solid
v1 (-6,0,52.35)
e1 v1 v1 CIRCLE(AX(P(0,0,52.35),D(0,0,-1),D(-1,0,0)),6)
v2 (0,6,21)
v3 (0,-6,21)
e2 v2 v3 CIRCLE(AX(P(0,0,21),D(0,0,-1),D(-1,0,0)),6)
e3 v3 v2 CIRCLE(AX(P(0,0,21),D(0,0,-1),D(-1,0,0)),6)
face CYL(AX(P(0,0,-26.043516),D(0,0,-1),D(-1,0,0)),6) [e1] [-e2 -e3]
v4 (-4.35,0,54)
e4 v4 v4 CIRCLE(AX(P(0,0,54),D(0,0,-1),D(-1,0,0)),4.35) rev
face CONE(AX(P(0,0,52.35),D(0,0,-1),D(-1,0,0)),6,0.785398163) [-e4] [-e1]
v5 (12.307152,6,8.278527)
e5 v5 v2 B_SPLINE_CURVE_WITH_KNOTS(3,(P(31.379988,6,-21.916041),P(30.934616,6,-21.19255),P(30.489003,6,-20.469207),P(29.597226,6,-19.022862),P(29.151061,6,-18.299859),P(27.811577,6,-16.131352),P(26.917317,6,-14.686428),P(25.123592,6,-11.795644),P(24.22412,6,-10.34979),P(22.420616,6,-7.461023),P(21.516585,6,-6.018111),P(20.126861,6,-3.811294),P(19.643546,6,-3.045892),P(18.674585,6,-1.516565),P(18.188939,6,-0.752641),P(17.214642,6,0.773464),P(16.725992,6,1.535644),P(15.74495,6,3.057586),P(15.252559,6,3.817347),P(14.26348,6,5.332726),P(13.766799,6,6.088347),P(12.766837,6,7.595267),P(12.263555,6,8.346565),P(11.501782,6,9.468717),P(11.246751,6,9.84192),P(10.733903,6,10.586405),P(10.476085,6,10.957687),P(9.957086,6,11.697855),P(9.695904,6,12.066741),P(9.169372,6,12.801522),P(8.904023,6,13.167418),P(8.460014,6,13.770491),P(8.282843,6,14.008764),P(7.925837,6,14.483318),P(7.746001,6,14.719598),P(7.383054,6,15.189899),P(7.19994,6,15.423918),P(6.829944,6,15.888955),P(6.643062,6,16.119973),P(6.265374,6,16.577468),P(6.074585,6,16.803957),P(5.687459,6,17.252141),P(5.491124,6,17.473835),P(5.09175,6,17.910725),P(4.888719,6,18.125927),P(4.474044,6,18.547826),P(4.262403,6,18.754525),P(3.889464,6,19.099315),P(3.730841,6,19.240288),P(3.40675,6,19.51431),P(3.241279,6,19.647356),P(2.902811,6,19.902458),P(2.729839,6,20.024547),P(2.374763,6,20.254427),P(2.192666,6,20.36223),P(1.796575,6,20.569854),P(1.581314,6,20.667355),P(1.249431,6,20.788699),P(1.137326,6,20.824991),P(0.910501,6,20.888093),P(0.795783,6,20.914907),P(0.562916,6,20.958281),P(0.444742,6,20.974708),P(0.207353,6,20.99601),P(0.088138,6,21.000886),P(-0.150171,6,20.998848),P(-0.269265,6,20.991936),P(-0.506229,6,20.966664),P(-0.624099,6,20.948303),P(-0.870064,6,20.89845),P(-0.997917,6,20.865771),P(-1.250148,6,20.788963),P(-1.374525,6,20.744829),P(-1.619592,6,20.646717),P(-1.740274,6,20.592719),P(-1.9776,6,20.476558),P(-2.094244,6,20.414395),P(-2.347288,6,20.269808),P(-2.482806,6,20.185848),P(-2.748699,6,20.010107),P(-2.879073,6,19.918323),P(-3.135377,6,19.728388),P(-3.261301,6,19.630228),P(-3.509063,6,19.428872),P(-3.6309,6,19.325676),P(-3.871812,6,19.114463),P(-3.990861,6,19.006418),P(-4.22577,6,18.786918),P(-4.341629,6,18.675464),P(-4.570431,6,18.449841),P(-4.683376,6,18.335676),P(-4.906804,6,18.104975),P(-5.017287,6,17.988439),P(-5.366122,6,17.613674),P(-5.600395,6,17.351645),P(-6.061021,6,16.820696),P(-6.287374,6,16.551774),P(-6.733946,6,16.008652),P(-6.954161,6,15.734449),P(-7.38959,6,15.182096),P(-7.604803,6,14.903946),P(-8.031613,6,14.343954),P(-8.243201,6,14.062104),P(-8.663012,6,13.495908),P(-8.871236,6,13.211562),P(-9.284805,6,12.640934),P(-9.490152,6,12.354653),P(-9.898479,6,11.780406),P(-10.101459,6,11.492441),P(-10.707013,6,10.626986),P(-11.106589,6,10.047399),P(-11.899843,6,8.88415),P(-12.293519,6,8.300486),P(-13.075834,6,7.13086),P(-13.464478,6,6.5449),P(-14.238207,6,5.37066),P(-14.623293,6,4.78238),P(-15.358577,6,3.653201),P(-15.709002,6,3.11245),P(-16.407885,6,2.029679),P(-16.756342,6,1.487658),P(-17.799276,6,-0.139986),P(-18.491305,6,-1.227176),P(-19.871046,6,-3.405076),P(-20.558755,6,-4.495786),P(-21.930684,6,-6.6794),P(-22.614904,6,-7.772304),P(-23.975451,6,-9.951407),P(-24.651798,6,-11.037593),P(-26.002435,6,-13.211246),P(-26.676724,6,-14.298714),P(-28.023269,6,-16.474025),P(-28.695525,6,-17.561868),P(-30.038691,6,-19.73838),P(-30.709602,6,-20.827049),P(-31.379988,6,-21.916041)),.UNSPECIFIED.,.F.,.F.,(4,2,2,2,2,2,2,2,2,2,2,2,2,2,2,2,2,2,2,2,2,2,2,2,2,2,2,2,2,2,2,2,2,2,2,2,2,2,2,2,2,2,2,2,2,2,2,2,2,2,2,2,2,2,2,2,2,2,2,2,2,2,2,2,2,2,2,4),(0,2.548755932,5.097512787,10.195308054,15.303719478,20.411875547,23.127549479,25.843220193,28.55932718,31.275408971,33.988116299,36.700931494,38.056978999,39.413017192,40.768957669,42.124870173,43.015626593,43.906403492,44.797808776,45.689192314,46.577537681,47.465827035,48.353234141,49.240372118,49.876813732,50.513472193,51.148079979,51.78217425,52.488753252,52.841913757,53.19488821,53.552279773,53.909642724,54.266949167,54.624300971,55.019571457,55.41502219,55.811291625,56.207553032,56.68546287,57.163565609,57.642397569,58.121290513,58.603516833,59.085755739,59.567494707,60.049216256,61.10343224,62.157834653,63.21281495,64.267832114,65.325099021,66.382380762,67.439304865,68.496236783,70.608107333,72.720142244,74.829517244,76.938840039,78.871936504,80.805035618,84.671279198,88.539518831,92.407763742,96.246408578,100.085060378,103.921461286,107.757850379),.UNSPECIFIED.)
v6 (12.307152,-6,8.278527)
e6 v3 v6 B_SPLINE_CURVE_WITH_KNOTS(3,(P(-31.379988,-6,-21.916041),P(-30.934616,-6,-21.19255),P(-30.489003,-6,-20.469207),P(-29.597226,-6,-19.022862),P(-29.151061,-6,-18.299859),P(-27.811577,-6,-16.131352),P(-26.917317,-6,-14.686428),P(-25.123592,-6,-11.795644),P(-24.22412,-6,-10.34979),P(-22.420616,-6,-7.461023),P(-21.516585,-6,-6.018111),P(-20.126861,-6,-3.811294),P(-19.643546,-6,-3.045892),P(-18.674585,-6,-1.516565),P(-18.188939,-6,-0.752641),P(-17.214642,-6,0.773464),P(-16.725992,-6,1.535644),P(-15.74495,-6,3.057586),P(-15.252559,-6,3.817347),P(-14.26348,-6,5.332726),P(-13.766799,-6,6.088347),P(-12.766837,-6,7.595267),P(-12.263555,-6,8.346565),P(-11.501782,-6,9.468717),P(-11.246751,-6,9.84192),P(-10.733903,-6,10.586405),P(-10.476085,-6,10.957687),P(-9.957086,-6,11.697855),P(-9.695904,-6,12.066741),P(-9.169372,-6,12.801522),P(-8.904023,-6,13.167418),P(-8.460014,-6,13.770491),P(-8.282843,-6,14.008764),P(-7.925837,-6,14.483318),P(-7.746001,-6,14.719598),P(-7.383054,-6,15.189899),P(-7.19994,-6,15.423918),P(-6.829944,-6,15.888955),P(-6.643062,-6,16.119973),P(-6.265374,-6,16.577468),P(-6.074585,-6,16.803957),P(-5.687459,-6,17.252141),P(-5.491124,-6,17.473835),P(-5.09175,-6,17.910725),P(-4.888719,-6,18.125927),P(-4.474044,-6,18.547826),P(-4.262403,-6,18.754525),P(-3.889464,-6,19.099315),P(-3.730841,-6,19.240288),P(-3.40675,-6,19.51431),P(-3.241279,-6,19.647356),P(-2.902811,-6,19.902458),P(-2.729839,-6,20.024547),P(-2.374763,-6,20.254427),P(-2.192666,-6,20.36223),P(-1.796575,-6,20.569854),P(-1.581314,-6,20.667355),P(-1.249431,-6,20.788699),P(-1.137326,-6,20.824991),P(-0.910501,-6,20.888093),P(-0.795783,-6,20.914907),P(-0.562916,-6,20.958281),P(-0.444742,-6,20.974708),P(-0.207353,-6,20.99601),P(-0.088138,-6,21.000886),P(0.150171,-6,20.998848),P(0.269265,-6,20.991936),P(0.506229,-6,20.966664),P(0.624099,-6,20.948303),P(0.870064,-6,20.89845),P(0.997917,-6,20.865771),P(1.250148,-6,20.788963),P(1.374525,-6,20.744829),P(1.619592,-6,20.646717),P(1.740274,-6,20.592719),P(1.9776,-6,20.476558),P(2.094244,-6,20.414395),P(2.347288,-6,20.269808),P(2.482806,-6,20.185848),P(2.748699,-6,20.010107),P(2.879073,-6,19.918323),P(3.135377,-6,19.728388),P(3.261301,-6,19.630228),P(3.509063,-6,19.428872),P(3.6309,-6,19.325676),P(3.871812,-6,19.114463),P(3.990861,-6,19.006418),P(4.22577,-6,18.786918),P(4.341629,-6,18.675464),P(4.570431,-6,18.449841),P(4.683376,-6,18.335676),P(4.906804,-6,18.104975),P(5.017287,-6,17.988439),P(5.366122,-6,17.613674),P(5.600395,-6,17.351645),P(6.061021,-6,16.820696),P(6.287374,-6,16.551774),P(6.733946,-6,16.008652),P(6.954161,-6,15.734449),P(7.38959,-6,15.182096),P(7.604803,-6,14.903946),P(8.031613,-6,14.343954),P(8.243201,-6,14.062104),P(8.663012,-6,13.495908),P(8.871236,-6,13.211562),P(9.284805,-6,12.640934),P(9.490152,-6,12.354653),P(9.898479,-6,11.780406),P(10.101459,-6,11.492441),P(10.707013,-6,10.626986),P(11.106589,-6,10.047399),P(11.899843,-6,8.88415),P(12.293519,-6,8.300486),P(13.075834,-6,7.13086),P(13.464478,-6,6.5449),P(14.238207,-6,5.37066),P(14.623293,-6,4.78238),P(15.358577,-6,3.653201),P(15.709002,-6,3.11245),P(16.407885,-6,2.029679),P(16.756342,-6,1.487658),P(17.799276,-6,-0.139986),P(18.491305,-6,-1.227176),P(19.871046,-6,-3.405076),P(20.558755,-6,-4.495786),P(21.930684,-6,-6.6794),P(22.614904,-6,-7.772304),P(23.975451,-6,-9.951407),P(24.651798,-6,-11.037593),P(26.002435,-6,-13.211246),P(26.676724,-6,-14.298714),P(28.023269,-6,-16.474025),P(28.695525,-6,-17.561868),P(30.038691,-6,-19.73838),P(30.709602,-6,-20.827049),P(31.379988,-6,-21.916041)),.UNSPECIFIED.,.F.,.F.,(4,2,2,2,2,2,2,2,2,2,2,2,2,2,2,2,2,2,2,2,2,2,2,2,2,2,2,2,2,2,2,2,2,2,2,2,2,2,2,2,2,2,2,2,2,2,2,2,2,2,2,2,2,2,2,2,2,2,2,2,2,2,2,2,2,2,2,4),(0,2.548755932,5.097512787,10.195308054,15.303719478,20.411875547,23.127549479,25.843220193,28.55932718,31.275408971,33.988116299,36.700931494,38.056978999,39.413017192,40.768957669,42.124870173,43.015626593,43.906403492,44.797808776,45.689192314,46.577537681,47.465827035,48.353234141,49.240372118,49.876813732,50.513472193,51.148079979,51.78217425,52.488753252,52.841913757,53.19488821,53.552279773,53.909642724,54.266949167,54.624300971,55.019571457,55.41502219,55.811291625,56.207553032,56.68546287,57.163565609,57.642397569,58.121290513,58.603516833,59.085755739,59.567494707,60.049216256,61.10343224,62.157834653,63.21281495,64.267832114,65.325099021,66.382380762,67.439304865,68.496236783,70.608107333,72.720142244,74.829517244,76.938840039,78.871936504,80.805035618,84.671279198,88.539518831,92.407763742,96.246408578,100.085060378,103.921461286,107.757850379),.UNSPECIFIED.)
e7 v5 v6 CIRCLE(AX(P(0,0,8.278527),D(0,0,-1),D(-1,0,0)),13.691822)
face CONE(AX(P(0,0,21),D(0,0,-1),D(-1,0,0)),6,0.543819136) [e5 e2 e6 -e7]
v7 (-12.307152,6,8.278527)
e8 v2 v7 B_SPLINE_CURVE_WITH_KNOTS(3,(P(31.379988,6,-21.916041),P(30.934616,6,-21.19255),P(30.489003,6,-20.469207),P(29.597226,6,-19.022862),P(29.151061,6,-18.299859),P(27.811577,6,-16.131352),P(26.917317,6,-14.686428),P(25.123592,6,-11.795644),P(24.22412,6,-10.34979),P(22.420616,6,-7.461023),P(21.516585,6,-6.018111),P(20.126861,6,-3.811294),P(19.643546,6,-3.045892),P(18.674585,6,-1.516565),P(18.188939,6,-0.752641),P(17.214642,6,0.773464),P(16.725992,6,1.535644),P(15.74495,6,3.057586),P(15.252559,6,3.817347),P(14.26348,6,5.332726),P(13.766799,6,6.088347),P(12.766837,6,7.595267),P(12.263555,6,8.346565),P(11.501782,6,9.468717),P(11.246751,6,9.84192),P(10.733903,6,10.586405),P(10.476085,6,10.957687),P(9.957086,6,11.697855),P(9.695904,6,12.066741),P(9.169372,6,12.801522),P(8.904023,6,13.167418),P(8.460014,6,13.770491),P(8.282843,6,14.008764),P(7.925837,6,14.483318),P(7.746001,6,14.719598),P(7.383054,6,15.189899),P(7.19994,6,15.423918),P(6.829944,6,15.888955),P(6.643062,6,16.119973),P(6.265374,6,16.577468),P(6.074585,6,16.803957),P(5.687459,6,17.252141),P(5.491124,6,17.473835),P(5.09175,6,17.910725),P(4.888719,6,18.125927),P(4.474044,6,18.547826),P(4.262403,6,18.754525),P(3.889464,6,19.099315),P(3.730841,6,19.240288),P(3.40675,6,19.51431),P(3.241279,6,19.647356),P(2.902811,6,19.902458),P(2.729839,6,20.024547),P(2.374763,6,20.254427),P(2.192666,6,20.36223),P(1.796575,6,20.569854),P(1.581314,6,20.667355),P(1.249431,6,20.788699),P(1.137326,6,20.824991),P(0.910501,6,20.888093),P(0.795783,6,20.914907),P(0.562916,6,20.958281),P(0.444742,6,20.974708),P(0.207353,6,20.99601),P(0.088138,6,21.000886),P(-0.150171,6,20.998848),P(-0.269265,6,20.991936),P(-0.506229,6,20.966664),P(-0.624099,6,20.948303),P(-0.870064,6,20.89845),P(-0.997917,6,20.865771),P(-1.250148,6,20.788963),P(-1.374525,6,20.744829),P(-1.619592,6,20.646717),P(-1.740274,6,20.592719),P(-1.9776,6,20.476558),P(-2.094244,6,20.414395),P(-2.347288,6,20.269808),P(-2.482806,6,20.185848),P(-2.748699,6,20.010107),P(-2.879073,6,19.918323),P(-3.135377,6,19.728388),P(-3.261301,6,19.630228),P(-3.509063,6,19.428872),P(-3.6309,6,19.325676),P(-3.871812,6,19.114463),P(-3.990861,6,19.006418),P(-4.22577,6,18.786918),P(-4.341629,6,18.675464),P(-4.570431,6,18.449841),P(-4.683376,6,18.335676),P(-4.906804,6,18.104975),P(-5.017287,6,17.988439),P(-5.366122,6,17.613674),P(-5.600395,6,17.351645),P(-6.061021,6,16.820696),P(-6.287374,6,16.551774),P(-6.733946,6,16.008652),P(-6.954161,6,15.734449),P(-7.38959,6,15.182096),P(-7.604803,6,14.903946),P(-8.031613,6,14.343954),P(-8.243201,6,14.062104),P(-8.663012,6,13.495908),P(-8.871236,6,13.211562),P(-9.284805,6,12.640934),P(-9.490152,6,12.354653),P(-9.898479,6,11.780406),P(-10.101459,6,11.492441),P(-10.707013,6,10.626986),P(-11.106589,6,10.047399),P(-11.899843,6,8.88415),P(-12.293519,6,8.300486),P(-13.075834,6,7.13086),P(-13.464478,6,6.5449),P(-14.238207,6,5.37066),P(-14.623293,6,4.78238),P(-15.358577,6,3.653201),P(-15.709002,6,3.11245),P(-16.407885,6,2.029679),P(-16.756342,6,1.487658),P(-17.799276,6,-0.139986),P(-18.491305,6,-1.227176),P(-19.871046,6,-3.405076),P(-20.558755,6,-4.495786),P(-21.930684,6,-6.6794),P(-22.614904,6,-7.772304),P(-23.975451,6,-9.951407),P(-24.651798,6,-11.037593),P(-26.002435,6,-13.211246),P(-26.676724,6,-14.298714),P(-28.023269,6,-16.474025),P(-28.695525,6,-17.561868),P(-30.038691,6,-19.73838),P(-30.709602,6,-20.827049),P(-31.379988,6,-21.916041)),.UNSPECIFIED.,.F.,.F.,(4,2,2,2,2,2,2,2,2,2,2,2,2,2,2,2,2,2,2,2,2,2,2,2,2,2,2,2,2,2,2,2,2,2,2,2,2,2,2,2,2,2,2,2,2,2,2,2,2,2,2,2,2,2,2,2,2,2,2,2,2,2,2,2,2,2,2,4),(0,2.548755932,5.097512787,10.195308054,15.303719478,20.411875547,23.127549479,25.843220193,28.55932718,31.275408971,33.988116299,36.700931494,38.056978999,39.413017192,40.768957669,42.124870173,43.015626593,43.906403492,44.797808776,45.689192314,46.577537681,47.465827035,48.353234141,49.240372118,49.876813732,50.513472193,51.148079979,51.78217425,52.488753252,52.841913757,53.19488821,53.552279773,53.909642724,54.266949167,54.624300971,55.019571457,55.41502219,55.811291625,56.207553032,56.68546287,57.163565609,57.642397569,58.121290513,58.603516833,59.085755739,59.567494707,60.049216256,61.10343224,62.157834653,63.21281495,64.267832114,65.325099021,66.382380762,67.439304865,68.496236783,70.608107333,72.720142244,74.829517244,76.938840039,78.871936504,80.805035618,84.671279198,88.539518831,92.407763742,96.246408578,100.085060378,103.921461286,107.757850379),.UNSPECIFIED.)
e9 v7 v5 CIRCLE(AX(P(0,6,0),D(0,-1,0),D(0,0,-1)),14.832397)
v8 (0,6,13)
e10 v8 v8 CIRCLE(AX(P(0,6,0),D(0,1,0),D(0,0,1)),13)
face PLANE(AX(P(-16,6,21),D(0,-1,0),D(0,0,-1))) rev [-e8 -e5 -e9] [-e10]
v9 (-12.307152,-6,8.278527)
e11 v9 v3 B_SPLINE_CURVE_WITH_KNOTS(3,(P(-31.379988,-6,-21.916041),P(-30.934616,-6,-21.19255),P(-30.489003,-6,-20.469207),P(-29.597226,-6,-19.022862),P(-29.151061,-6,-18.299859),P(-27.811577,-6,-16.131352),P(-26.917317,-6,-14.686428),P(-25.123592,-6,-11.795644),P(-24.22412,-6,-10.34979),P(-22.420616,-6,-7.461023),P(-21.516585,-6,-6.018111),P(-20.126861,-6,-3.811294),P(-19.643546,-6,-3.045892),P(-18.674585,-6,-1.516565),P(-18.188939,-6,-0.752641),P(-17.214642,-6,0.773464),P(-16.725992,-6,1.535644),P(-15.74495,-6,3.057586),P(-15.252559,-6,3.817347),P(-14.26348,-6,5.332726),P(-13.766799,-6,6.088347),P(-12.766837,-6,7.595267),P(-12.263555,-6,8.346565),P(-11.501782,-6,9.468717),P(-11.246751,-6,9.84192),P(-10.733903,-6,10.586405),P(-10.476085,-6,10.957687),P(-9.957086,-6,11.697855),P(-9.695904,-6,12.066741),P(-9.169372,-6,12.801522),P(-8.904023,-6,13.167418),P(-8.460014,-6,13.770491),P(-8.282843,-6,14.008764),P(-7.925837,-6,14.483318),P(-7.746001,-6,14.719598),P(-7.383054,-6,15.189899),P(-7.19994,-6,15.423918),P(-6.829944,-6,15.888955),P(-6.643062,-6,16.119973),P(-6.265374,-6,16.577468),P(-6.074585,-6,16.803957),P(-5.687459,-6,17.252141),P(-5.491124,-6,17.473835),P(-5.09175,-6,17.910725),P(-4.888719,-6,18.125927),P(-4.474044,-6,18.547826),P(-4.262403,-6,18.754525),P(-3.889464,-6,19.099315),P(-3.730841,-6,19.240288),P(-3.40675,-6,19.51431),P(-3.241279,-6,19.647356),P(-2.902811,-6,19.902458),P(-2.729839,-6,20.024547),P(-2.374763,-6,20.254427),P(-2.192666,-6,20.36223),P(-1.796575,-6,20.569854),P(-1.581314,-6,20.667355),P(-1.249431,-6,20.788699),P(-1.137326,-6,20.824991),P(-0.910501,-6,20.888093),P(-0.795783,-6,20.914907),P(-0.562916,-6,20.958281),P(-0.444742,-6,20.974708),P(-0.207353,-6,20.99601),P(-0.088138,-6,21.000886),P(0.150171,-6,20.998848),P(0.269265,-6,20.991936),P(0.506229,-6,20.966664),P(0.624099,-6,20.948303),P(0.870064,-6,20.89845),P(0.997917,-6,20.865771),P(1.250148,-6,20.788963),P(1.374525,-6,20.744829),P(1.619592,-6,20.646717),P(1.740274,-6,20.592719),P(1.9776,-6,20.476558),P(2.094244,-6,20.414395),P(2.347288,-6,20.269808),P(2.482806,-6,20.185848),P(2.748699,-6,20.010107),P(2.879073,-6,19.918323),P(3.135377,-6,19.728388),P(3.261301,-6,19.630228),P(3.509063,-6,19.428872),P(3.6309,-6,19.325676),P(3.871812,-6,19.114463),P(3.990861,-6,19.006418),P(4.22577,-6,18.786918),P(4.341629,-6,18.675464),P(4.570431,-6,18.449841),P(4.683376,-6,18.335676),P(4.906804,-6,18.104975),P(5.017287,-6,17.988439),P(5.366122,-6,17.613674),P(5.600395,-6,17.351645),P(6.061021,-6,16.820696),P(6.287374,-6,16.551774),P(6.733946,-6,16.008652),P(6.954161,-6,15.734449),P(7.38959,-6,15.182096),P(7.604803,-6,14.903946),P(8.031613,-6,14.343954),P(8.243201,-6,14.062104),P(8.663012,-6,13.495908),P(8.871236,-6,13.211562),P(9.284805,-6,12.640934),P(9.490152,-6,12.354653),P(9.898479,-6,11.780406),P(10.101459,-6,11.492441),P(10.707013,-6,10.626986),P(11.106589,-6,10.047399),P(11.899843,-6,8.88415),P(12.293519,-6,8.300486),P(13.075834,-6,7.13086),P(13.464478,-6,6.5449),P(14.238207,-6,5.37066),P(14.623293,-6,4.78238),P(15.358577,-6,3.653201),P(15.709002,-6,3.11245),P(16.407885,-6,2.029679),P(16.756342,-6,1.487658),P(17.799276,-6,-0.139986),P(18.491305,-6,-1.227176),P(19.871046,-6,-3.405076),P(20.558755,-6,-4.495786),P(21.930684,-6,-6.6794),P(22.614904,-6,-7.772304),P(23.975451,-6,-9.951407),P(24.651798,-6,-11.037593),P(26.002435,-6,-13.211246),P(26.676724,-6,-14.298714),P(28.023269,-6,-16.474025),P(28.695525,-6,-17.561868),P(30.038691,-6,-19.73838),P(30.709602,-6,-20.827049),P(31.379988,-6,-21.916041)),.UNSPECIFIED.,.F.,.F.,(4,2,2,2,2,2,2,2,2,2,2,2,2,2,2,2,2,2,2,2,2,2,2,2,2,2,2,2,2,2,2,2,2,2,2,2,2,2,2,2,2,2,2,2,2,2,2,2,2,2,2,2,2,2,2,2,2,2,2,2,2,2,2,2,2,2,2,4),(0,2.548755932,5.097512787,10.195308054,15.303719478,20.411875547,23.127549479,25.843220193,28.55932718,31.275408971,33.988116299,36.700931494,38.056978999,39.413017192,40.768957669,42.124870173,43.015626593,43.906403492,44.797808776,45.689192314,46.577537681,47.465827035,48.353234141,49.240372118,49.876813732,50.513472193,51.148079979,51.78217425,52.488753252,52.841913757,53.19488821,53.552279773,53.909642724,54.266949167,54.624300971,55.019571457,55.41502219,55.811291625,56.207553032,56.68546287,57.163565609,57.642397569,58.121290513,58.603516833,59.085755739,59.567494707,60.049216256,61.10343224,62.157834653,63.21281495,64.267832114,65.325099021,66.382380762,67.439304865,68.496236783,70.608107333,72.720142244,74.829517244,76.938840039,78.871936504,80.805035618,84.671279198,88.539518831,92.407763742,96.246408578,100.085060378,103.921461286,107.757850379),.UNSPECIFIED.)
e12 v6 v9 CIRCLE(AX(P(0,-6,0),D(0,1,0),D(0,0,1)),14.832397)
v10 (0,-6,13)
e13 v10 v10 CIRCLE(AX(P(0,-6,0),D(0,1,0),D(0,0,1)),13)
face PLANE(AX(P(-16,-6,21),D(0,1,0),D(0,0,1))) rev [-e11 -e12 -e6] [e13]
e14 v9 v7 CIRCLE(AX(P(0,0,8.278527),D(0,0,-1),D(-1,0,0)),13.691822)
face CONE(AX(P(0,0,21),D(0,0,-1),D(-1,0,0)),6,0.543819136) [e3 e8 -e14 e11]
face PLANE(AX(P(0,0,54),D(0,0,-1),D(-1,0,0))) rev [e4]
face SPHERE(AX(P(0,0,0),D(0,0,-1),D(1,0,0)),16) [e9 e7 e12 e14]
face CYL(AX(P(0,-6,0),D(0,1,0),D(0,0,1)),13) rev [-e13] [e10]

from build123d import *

# Parameters (mm, degrees)
SZKIC1_W                        = 6
SZKIC1_H                        = 33
WYTNIJ_WYCI_GNI_CIE1_DEPTH      = 17
WYTNIJ_WYCI_GNI_CIE1_DEPTH_BACK = 17
SZKIC3_R                        = 13
WYTNIJ_WYCI_GNI_CIE2_DEPTH      = 7
WYTNIJ_WYCI_GNI_CIE2_DEPTH_BACK = 7
SFAZOWANIE1_SIZE                = 1.65


with BuildPart() as part:
    # Szkic1 → Obrót1 (revolve)
    with BuildSketch(Plane(origin=(0, 0, 0), x_dir=(1, 0, 0), z_dir=(0, 1, 0))):
        with BuildLine():
            Line((0, 16), (0, -21))
            Line((0, -21), (6, -21))
            Line((6, -21), (13.691822011, -8.278527045))
            ThreePointArc((13.691822011, -8.278527045), (13.936578359, 7.859502761), (0, 16))
        make_face()
        with Locations((3, -37.5)):
            Rectangle(SZKIC1_W, SZKIC1_H)
    revolve(axis=Axis((0, 0, -26.043516498), (0, 0, 1)))

    # Szkic2 → Wytnij-wyciągnięcie1 (cut, two sides)
    with BuildSketch(Plane(origin=(0, 0, 0), x_dir=(0, 0, -1), z_dir=(1, 0, 0))) as wytnij_wyci_gni_cie1_sk:
        with BuildLine():
            Line((-21, 6), (14.832396974, 6))
            ThreePointArc((14.832396974, 6), (5.052656155, 15.181260349), (-8.278527045, 13.691822011))
            Line((-8.278527045, 13.691822011), (-21, 6))
        make_face()
        with BuildLine():
            Line((-21, -6), (14.832396974, -6))
            ThreePointArc((14.832396974, -6), (5.052656155, -15.181260349), (-8.278527045, -13.691822011))
            Line((-8.278527045, -13.691822011), (-21, -6))
        make_face()
    extrude(amount=WYTNIJ_WYCI_GNI_CIE1_DEPTH, mode=Mode.SUBTRACT)
    extrude(wytnij_wyci_gni_cie1_sk.sketch, amount=-WYTNIJ_WYCI_GNI_CIE1_DEPTH_BACK, mode=Mode.SUBTRACT)

    # Szkic3 → Wytnij-wyciągnięcie2 (cut, two sides)
    with BuildSketch(Plane(origin=(0, 0, 0), x_dir=(1, 0, 0), z_dir=(0, 1, 0))) as wytnij_wyci_gni_cie2_sk:
        Circle(SZKIC3_R)
    extrude(amount=WYTNIJ_WYCI_GNI_CIE2_DEPTH, mode=Mode.SUBTRACT)
    extrude(wytnij_wyci_gni_cie2_sk.sketch, amount=-WYTNIJ_WYCI_GNI_CIE2_DEPTH_BACK, mode=Mode.SUBTRACT)

    # Sfazowanie1
    sfazowanie1_edges = [part.edges().sort_by_distance(p)[0] for p in [
        (-6, 0, 54),
    ]]
    chamfer(sfazowanie1_edges, length=SFAZOWANIE1_SIZE)


solid = part.part
